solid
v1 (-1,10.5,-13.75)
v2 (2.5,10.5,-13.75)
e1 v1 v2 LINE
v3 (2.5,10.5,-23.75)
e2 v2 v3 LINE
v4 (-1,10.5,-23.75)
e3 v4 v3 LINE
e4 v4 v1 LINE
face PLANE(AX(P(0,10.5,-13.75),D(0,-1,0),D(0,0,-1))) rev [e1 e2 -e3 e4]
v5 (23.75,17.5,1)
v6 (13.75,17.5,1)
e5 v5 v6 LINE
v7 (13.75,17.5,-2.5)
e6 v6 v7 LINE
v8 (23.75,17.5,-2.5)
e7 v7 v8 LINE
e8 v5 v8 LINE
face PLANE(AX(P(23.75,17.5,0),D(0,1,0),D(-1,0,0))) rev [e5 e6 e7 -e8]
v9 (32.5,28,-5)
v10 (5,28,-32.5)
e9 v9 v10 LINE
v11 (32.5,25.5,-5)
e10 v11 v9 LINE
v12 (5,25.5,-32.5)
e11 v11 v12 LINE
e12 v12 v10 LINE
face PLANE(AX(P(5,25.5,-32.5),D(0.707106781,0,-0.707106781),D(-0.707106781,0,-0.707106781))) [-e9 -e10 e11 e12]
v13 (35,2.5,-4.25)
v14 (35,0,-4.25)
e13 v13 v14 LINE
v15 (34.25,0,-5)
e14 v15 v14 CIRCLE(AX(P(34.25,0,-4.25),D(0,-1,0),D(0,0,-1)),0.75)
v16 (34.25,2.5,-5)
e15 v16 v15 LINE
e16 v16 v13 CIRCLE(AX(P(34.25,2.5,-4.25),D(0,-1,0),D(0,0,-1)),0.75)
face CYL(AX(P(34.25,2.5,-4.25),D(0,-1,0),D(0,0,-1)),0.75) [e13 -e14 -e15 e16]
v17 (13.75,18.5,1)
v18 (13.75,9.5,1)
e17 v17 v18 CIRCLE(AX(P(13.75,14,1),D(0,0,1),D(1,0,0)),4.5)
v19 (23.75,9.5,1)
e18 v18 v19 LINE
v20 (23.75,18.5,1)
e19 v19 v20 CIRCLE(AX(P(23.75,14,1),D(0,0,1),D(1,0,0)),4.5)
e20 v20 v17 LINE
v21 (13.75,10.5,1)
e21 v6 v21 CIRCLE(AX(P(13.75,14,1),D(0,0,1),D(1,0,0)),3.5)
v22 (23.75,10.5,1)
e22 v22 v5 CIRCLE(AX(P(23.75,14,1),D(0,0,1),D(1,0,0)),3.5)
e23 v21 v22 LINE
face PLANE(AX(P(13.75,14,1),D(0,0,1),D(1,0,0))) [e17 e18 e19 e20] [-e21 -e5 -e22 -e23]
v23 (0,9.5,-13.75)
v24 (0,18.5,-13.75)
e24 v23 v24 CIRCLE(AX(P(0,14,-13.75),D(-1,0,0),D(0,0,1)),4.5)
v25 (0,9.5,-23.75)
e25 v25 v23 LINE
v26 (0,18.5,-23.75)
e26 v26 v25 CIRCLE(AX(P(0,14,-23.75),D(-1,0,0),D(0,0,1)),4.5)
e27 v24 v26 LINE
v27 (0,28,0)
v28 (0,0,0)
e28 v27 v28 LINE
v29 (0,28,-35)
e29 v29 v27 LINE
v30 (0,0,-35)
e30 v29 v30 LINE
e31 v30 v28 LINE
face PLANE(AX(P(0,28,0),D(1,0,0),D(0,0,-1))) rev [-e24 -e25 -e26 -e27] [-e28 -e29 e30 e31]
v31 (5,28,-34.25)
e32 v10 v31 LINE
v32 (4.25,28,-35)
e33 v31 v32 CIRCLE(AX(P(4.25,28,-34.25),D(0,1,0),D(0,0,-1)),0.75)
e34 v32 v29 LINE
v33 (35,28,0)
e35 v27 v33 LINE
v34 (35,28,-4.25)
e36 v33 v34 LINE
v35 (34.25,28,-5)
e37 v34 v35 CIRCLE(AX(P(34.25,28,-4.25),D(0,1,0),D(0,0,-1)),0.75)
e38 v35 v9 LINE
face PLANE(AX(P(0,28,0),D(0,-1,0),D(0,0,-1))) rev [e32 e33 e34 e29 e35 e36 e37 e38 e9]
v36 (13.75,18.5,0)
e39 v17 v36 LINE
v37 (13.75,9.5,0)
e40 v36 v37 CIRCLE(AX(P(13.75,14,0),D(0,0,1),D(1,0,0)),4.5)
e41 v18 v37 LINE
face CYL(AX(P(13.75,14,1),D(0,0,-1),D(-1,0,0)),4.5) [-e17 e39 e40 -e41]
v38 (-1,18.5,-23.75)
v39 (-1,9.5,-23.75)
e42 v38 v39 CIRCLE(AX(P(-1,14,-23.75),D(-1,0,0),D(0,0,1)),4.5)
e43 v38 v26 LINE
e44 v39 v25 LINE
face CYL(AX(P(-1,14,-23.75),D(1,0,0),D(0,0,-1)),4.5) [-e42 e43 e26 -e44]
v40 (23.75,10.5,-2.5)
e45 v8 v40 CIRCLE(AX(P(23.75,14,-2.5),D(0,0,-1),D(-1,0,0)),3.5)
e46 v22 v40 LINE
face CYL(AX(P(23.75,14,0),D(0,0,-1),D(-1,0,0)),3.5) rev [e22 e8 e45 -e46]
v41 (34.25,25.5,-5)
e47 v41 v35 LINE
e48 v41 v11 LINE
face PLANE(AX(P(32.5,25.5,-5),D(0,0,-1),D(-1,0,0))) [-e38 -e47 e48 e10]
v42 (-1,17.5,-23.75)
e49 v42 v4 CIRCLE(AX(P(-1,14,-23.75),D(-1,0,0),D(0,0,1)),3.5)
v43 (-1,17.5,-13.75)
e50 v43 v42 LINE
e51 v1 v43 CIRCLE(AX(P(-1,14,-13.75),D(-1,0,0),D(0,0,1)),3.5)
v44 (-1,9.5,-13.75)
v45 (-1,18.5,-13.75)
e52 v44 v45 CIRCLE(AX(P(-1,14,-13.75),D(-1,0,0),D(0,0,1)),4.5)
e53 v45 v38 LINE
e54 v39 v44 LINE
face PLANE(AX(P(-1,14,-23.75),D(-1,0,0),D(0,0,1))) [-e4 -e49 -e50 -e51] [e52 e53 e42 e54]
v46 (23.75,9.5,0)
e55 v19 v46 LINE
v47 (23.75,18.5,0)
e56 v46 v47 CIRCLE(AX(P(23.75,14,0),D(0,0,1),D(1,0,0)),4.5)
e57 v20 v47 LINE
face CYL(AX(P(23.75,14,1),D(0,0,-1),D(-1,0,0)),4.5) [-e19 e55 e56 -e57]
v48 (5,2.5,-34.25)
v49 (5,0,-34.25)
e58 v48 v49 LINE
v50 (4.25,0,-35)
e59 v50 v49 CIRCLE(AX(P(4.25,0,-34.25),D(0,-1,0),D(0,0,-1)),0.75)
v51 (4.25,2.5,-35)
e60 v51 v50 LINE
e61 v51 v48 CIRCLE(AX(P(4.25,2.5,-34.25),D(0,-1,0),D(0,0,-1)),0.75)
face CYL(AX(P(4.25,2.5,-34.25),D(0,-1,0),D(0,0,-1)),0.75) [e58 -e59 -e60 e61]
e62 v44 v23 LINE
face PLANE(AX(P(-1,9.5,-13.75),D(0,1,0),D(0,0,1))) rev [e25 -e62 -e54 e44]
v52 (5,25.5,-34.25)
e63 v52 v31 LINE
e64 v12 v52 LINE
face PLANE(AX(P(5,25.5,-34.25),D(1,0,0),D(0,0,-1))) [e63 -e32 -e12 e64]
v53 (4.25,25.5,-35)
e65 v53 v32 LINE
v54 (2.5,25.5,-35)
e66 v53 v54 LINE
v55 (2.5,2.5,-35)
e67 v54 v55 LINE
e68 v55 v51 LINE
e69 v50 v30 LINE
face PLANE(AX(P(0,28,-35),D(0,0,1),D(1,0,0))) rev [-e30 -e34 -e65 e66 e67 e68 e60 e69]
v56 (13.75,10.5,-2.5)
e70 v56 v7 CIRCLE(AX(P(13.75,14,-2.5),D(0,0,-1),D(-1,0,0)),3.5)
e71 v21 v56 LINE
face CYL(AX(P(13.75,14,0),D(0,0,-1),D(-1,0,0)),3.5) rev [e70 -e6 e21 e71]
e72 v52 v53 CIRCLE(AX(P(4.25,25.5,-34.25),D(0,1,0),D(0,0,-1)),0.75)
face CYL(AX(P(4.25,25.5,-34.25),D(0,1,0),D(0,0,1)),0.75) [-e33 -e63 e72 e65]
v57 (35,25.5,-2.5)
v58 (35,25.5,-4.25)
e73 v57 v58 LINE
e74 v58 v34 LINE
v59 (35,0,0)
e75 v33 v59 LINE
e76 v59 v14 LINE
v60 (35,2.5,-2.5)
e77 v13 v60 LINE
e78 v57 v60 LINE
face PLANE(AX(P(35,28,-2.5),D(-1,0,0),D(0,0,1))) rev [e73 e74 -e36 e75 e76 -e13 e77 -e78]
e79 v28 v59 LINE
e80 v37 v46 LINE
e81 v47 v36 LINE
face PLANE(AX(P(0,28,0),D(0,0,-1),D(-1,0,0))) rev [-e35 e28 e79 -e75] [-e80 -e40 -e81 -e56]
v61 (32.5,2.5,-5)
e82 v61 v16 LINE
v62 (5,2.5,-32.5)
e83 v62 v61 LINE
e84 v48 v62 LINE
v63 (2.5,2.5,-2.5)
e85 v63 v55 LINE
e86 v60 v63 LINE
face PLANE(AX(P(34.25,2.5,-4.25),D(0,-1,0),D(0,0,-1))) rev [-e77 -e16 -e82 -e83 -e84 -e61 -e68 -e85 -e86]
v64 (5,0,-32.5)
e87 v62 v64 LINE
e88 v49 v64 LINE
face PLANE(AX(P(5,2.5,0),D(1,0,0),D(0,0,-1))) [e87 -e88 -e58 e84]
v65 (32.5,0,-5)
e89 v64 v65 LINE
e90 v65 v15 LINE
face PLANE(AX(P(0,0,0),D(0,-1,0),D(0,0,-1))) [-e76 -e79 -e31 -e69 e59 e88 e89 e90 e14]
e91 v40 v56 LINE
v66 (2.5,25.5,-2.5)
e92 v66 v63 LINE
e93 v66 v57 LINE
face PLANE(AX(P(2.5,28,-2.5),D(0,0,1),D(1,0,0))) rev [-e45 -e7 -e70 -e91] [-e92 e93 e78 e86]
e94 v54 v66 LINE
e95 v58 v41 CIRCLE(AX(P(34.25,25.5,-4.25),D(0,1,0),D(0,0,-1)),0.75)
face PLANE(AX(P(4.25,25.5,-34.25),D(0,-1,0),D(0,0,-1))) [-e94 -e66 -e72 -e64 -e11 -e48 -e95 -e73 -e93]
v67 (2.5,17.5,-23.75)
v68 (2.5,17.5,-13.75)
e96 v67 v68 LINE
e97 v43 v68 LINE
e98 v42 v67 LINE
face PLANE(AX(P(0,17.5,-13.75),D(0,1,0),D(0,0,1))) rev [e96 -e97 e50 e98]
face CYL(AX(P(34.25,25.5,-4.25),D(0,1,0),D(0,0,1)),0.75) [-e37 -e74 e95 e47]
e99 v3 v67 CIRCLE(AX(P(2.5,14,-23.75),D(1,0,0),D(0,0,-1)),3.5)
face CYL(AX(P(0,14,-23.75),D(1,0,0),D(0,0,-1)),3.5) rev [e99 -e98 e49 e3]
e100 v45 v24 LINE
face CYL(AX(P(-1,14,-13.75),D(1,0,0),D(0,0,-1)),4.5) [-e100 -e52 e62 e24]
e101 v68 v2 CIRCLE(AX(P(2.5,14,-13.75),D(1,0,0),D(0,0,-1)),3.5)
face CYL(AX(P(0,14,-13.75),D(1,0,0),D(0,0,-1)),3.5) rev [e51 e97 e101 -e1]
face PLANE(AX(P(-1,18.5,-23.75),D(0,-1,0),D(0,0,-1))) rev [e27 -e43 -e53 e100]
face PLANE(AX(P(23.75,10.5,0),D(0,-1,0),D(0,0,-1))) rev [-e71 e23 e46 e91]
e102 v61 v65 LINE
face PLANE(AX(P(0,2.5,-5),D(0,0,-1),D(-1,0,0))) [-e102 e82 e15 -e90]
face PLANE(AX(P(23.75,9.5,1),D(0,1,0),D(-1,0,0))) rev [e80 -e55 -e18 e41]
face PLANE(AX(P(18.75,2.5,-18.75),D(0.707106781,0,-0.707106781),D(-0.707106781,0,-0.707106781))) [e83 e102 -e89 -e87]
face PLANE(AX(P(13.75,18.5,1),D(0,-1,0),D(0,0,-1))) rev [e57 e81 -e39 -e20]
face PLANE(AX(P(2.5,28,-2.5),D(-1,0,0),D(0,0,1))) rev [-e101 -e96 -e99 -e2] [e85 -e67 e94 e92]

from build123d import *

# Parameters (mm, degrees)
BOSS_EXTRUDE1_DEPTH = 28
BOSS_EXTRUDE2_DEPTH = 2.5
BOSS_EXTRUDE3_START = -25.5
BOSS_EXTRUDE3_DEPTH = 2.5
CUT_EXTRUDE1_DEPTH  = 2.5
CUT_EXTRUDE2_DEPTH  = 2.5
BOSS_EXTRUDE4_DEPTH = 1
BOSS_EXTRUDE5_DEPTH = 1


with BuildPart() as part:
    # Sketch1 → Boss-Extrude1 (new body)
    with BuildSketch(Plane(origin=(0, 0, 0), x_dir=(1, 0, 0), z_dir=(0, 1, 0))):
        Polygon((0, 0), (0, 35), (2.5, 35), (2.5, 2.5), (35, 2.5), (35, 0), align=None)
    extrude(amount=BOSS_EXTRUDE1_DEPTH)

    # Sketch2 → Boss-Extrude2 (add)
    with BuildSketch(Plane(origin=(0, 28, 0), x_dir=(1, 0, 0), z_dir=(0, 1, 0))):
        with BuildLine():
            Line((2.5, 35), (4.25, 35))
            ThreePointArc((4.25, 35), (4.780330086, 34.780330086), (5, 34.25))
            Line((5, 34.25), (5, 32.5))
            Line((5, 32.5), (32.5, 5))
            Line((32.5, 5), (34.25, 5))
            ThreePointArc((34.25, 5), (34.780330086, 4.780330086), (35, 4.25))
            Line((35, 4.25), (35, 2.5))
            Line((35, 2.5), (2.5, 2.5))
            Line((2.5, 2.5), (2.5, 35))
        make_face()
    extrude(amount=-BOSS_EXTRUDE2_DEPTH)

    # Sketch2<2> → Boss-Extrude3 (add)
    with BuildSketch(Plane(origin=(0, 28, 0), x_dir=(1, 0, 0), z_dir=(0, 1, 0)).offset(BOSS_EXTRUDE3_START)):
        with BuildLine():
            Line((2.5, 35), (4.25, 35))
            ThreePointArc((4.25, 35), (4.780330086, 34.780330086), (5, 34.25))
            Line((5, 34.25), (5, 32.5))
            Line((5, 32.5), (32.5, 5))
            Line((32.5, 5), (34.25, 5))
            ThreePointArc((34.25, 5), (34.780330086, 4.780330086), (35, 4.25))
            Line((35, 4.25), (35, 2.5))
            Line((35, 2.5), (2.5, 2.5))
            Line((2.5, 2.5), (2.5, 35))
        make_face()
    extrude(amount=-BOSS_EXTRUDE3_DEPTH)

    # Sketch3 → Cut-Extrude1 (cut)
    with BuildSketch(Plane(origin=(0, 0, -2.5), x_dir=(-1, 0, 0), z_dir=(0, 0, -1))):
        with BuildLine():
            Line((-23.75, 17.5), (-13.75, 17.5))
            ThreePointArc((-13.75, 17.5), (-10.25, 14), (-13.75, 10.5))
            Line((-13.75, 10.5), (-23.75, 10.5))
            ThreePointArc((-23.75, 10.5), (-27.25, 14), (-23.75, 17.5))
        make_face()
    extrude(amount=-CUT_EXTRUDE1_DEPTH, mode=Mode.SUBTRACT)

    # Sketch4 → Cut-Extrude2 (cut)
    with BuildSketch(Plane(origin=(2.5, 0, 0), x_dir=(0, 0, -1), z_dir=(1, 0, 0))):
        with BuildLine():
            Line((13.75, 17.5), (23.75, 17.5))
            ThreePointArc((23.75, 17.5), (27.25, 14), (23.75, 10.5))
            Line((23.75, 10.5), (13.75, 10.5))
            ThreePointArc((13.75, 10.5), (10.25, 14), (13.75, 17.5))
        make_face()
    extrude(amount=-CUT_EXTRUDE2_DEPTH, mode=Mode.SUBTRACT)

    # Sketch5 → Boss-Extrude4 (add)
    with BuildSketch(Plane.XY):
        with BuildLine():
            Line((13.75, 18.5), (23.75, 18.5))
            ThreePointArc((23.75, 18.5), (28.25, 14), (23.75, 9.5))
            Line((23.75, 9.5), (13.75, 9.5))
            ThreePointArc((13.75, 9.5), (9.25, 14), (13.75, 18.5))
        make_face()
        with BuildLine():
            Line((13.75, 17.5), (23.75, 17.5))
            ThreePointArc((23.75, 17.5), (27.25, 14), (23.75, 10.5))
            Line((23.75, 10.5), (13.75, 10.5))
            ThreePointArc((13.75, 10.5), (10.25, 14), (13.75, 17.5))
        make_face(mode=Mode.SUBTRACT)
    extrude(amount=BOSS_EXTRUDE4_DEPTH)

    # Sketch6 → Boss-Extrude5 (add)
    with BuildSketch(Plane.ZY):
        with BuildLine():
            Line((-23.75, 18.5), (-13.75, 18.5))
            ThreePointArc((-13.75, 18.5), (-9.25, 14), (-13.75, 9.5))
            Line((-13.75, 9.5), (-23.75, 9.5))
            ThreePointArc((-23.75, 9.5), (-28.25, 14), (-23.75, 18.5))
        make_face()
        with BuildLine():
            Line((-13.75, 10.5), (-23.75, 10.5))
            ThreePointArc((-23.75, 10.5), (-27.25, 14), (-23.75, 17.5))
            Line((-23.75, 17.5), (-13.75, 17.5))
            ThreePointArc((-13.75, 17.5), (-10.25, 14), (-13.75, 10.5))
        make_face(mode=Mode.SUBTRACT)
    extrude(amount=BOSS_EXTRUDE5_DEPTH)


solid = part.part
